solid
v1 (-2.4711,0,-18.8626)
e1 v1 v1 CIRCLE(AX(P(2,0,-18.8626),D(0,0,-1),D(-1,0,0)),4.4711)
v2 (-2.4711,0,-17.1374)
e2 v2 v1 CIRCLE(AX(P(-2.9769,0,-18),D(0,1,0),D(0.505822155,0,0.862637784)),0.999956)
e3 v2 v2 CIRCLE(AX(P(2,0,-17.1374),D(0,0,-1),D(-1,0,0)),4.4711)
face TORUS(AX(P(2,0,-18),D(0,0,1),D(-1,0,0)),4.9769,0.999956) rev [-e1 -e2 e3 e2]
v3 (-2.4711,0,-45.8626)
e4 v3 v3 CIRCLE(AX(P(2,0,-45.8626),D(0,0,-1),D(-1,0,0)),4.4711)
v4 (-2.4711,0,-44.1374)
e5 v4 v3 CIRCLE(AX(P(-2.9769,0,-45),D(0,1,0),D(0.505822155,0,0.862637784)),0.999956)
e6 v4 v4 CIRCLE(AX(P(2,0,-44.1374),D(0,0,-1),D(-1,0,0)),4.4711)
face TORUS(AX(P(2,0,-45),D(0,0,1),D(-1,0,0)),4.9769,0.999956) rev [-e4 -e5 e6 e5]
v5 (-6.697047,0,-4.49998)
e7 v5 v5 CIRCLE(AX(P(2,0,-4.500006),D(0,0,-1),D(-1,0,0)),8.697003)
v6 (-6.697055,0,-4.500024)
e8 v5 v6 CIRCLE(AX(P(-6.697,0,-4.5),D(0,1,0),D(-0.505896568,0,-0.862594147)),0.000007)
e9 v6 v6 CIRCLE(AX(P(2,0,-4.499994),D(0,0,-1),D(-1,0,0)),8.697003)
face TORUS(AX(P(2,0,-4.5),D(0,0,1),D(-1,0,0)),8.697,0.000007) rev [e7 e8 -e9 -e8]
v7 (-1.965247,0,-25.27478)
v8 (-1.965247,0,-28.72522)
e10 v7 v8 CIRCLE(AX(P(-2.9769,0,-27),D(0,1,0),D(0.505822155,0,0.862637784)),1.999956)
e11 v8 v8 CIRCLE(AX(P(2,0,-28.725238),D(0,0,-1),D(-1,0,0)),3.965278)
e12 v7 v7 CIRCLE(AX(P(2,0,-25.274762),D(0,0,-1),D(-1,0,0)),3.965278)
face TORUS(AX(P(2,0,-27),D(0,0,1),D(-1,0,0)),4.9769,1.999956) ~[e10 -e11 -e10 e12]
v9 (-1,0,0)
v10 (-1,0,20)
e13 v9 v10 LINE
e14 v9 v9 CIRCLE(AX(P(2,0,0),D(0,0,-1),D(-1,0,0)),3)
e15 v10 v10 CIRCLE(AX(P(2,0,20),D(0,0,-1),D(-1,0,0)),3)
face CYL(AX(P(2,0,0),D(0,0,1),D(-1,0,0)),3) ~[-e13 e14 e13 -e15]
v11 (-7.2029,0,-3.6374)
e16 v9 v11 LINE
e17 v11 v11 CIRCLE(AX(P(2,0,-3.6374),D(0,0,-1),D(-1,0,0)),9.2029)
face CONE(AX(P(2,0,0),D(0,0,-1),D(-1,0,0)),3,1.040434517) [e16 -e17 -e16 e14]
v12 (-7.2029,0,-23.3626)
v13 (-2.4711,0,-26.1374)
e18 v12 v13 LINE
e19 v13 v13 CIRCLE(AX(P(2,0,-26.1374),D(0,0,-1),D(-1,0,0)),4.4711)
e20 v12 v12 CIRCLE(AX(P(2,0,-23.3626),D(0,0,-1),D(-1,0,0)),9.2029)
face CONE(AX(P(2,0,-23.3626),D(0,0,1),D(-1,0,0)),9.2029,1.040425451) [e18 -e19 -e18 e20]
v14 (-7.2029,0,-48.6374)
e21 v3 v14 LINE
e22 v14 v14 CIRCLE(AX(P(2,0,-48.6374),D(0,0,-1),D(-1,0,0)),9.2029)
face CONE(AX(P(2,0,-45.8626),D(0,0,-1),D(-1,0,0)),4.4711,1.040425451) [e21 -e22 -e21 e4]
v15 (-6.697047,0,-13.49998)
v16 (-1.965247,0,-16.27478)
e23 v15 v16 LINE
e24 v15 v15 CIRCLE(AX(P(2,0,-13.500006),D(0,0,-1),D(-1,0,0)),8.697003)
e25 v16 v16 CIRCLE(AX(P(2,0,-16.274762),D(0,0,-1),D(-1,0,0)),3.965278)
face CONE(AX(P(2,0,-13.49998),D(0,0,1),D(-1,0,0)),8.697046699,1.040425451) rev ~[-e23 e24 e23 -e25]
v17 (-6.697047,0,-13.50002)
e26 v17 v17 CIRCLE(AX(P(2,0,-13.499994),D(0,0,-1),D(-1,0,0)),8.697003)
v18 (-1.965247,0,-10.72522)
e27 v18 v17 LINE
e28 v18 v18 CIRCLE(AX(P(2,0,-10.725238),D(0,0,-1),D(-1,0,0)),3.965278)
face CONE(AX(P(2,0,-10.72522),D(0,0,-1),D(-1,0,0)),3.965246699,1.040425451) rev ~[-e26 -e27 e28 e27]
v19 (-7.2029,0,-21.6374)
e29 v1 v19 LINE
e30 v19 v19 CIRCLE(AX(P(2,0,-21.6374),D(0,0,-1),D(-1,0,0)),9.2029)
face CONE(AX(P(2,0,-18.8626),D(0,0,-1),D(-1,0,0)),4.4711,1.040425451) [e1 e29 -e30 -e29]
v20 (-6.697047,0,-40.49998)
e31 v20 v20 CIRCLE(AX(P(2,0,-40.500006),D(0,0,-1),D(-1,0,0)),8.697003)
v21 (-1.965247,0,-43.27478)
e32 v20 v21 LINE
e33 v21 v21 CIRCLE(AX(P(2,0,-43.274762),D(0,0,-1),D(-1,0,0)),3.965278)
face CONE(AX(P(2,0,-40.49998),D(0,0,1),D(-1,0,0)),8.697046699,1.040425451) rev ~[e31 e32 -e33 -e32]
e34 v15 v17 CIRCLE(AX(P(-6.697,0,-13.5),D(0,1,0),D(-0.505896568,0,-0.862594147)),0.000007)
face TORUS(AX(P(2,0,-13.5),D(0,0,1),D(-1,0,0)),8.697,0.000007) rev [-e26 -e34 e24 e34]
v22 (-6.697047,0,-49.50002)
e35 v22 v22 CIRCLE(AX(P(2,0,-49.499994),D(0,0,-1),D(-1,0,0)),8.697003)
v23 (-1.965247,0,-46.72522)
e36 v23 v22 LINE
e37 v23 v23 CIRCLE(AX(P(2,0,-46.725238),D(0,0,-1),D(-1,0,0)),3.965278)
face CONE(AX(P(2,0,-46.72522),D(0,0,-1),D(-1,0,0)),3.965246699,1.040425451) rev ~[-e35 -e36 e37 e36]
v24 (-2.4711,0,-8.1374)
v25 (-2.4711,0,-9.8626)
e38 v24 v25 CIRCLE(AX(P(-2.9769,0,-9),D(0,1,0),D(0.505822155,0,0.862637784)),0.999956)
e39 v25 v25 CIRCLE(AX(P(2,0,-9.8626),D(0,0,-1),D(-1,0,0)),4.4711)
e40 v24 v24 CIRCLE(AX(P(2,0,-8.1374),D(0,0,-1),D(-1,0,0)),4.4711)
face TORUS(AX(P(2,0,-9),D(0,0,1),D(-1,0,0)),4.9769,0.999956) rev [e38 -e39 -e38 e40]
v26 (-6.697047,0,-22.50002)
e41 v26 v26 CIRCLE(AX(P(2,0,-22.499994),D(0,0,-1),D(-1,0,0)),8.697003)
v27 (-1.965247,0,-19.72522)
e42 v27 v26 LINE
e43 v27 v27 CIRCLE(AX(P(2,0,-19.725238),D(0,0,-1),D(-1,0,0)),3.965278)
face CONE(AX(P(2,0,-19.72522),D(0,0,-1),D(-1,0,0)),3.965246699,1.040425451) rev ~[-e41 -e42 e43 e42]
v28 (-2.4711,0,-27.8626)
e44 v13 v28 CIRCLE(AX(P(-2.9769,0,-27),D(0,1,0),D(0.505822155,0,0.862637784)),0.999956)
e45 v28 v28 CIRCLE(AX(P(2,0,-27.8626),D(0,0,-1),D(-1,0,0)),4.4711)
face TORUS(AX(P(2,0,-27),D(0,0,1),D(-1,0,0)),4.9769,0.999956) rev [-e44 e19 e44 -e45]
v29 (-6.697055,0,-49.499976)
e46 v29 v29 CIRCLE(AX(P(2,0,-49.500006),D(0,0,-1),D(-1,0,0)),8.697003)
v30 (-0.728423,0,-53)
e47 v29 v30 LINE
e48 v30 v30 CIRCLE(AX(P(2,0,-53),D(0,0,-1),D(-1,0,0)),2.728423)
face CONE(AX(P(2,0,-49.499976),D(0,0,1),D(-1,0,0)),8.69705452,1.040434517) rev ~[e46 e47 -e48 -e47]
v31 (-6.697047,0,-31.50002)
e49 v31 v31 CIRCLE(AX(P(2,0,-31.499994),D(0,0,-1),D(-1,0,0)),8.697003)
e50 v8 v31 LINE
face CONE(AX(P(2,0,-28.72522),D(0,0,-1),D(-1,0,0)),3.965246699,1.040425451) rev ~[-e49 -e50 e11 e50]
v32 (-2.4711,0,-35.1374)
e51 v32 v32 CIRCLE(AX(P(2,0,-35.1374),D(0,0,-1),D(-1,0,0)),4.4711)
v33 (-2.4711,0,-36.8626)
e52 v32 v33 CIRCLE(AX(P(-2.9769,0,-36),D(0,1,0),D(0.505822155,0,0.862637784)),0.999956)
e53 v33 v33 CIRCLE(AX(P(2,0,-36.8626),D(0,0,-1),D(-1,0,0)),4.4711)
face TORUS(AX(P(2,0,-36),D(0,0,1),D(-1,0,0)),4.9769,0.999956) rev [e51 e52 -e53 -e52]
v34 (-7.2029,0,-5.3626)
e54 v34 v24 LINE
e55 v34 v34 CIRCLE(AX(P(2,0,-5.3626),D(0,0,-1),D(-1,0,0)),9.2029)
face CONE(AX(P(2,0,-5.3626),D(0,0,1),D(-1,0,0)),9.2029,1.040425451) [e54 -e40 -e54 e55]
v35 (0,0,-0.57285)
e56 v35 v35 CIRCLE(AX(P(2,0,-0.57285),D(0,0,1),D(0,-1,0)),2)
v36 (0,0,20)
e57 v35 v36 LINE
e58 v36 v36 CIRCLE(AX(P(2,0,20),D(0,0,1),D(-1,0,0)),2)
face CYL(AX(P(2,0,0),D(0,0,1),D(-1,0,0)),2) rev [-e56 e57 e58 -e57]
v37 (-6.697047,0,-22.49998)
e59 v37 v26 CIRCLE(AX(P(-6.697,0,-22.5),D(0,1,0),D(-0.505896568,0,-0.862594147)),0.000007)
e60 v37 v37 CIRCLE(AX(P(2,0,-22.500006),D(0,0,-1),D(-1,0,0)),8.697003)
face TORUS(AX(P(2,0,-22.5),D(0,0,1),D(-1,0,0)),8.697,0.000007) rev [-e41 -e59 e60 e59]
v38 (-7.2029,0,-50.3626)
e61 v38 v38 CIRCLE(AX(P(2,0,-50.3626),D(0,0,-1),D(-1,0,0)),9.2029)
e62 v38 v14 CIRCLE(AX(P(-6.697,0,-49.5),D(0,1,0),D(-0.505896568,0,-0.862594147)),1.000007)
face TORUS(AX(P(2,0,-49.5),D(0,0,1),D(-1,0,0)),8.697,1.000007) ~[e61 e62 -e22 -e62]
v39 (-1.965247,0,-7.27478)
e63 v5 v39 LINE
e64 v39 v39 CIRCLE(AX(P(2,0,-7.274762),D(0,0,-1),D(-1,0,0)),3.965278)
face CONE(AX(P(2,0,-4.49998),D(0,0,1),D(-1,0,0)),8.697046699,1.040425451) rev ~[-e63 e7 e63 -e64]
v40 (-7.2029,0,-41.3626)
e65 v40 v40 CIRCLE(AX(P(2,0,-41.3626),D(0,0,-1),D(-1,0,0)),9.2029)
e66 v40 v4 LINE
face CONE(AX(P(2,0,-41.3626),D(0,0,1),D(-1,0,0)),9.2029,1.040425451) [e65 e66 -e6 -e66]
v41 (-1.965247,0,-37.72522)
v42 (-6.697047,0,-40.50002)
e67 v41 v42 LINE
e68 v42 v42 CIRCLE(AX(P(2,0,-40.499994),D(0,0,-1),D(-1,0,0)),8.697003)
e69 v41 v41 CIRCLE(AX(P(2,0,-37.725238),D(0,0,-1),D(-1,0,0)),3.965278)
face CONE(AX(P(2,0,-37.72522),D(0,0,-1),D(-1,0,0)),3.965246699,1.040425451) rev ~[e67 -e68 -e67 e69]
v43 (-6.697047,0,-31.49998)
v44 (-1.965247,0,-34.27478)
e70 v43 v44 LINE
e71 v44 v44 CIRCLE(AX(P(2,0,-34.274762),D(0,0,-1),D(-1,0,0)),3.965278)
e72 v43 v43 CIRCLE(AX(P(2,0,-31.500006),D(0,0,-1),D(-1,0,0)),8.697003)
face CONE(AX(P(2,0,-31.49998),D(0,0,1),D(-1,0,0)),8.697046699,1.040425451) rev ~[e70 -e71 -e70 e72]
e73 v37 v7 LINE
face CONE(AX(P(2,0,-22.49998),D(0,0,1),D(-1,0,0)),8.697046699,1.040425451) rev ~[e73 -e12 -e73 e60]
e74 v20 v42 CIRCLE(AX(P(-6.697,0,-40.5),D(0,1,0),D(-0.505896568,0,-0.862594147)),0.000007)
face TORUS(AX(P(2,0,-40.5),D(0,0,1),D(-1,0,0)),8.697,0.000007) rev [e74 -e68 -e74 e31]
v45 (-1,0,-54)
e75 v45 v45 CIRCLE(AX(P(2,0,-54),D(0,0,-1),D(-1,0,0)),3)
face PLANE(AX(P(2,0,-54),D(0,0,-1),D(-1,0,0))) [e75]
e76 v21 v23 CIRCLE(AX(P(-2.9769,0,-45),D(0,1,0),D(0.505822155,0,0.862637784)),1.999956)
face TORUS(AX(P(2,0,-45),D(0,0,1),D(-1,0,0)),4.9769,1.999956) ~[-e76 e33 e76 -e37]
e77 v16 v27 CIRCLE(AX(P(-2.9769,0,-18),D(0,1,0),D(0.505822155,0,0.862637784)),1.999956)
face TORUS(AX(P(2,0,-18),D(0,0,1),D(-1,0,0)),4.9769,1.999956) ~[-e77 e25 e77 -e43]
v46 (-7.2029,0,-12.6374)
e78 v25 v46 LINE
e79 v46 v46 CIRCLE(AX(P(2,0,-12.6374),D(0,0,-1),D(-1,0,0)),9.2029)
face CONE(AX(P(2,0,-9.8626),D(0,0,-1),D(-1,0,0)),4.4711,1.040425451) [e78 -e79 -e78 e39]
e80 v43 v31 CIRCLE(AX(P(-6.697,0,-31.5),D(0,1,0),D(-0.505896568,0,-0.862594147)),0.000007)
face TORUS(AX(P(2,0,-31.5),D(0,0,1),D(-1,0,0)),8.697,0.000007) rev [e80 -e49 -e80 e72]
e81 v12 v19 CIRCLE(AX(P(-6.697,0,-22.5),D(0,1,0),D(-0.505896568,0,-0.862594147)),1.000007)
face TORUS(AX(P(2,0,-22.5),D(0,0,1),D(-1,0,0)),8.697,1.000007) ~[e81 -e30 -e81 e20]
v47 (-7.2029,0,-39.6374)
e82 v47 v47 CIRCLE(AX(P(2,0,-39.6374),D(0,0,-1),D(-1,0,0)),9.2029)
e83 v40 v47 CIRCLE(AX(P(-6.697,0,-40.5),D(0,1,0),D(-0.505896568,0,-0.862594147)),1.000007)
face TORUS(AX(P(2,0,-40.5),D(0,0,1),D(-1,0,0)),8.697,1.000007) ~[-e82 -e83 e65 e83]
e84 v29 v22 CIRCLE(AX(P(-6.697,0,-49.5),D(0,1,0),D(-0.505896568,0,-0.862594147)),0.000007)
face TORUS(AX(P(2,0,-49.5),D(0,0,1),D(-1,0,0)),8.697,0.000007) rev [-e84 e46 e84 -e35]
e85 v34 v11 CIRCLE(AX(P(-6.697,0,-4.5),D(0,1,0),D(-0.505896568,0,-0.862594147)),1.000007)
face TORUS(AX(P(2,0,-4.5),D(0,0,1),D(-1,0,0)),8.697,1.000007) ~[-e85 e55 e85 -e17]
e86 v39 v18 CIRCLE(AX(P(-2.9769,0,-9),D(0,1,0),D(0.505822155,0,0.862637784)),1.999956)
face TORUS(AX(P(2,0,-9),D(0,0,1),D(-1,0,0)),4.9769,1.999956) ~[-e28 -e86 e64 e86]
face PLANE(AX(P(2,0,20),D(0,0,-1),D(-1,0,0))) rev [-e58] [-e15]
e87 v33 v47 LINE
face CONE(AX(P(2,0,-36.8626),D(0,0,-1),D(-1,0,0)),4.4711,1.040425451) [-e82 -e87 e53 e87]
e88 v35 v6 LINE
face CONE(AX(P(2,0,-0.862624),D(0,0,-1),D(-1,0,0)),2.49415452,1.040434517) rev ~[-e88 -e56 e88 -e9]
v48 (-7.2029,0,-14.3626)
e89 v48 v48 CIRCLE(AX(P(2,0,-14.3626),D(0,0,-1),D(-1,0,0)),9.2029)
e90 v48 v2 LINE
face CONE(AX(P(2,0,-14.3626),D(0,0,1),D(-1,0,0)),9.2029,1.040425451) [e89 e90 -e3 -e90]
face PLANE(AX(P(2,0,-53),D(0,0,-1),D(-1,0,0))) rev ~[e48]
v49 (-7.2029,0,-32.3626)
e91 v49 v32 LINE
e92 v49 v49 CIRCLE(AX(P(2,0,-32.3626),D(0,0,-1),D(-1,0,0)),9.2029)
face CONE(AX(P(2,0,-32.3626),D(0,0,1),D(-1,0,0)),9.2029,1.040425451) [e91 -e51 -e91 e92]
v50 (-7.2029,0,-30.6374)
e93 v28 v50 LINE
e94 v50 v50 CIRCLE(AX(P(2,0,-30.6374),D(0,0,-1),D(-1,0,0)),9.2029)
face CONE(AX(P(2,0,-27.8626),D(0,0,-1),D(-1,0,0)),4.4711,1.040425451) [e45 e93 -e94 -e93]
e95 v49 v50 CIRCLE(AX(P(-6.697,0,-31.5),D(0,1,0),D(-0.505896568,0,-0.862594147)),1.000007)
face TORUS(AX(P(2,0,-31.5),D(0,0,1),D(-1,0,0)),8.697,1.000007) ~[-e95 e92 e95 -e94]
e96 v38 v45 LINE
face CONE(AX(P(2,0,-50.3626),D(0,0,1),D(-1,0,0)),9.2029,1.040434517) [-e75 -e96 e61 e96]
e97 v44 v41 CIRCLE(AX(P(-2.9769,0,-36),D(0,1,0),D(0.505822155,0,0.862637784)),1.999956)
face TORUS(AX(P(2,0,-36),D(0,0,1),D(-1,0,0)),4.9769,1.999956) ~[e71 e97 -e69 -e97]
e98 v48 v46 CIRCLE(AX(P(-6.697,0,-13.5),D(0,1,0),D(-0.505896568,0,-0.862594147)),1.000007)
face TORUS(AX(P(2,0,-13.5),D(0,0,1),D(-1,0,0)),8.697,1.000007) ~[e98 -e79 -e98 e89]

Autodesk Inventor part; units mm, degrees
ref_plane "YZ Plane" through (0, 0, 0) normal (1, 0, 0) x (0, 1, 0)
ref_plane "XY Plane" through (0, 0, 0) normal (0, 0, 1) x (1, 0, 0)
sketch "Sketch1" plane through (0, 0, 0) normal (0, 1, 0) x (-1, 0, 0)
  line L0 (0, 0) -> (-9, 0)
  line L1 (0, 0) -> (0, -9) construction
  line L2 (1, 0) -> (7.2029, -3.6374)
  line L3 (7.2029, -5.3626) -> (2.4711, -8.1374)
  line L4 (2.4711, -9.8626) -> (7.2029, -12.6374)
  line L5 (7.2029, -14.3626) -> (2.4711, -17.1374)
  line L6 (2.4711, -18.8626) -> (7.2029, -21.6374)
  line L7 (7.2029, -23.3626) -> (2.4711, -26.1374)
  line L8 (2.4711, -27.8626) -> (7.2029, -30.6374)
  line L9 (7.2029, -32.3626) -> (2.4711, -35.1374)
  line L10 (2.4711, -36.8626) -> (7.2029, -39.6374)
  line L11 (7.2029, -41.3626) -> (2.4711, -44.1374)
  line L12 (2.4711, -45.8626) -> (7.2029, -48.6374)
  line L13 (7.2029, -50.3626) -> (1, -54)
  line L14 (1, -54) -> (-2, -54)
  line L15 (0, 0) -> (-2, 0)
  line L16 (-2, 0) -> (-2, -54)
  arc A0 (7.2029, -5.3626) -> (7.2029, -3.6374) centre (6.697, -4.5) ccw
  arc A1 (7.2029, -14.3626) -> (7.2029, -12.6374) centre (6.697, -13.5) ccw
  arc A2 (7.2029, -23.3626) -> (7.2029, -21.6374) centre (6.697, -22.5) ccw
  arc A3 (7.2029, -32.3626) -> (7.2029, -30.6374) centre (6.697, -31.5) ccw
  arc A4 (7.2029, -41.3626) -> (7.2029, -39.6374) centre (6.697, -40.5) ccw
  arc A5 (7.2029, -50.3626) -> (7.2029, -48.6374) centre (6.697, -49.5) ccw
  line L17 (1, 20) -> (0, 20) construction
  line L18 (0, 0) -> (0, 20) construction
  line L19 (-2, 0) -> (-2, 20)
  line L20 (-2, 20) -> (1, 20)
  line L21 (1, 0) -> (1, 20)
  arc A6 (2.4711, -8.1374) -> (2.4711, -9.8626) centre (2.9769, -9) ccw
  arc A7 (2.4711, -17.1374) -> (2.4711, -18.8626) centre (2.9769, -18) ccw
  arc A8 (2.4711, -26.1374) -> (2.4711, -27.8626) centre (2.9769, -27) ccw
  arc A9 (2.4711, -35.1374) -> (2.4711, -36.8626) centre (2.9769, -36) ccw
  arc A10 (2.4711, -44.1374) -> (2.4711, -45.8626) centre (2.9769, -45) ccw
  point P0 (1, -9)
  point P1 (8.6739, -4.5)
  point P2 (1, -9)
  point P3 (1, -18)
  point P4 (8.6739, -13.5)
  point P5 (1, -18)
  point P6 (1, -27)
  point P7 (8.6739, -22.5)
  point P8 (1, -27)
  point P9 (8.6739, -31.5)
  point P10 (1, -36)
  point P11 (1, -36)
  point P12 (1, -45)
  point P13 (8.6739, -40.5)
  point P14 (1, -45)
  point P15 (8.6739, -49.5)
  point P16 (1, -45)
  point P17 (1, -36)
  point P18 (1, -27)
  point P19 (1, -18)
  point P20 (1, -9)
  point P21 (1, 0)
  dimension "d1" = 9
  dimension "d2" = 7.6739
  dimension "d3" = 120.387
  dimension "d4" = 9
  dimension "d5" = 7.6739
  dimension "d6" = 9
  dimension "d7" = 7.6739
  dimension "d8" = 9
  dimension "d9" = 7.6739
  dimension "d10" = 9
  dimension "d11" = 7.6739
  dimension "d12" = 9
  dimension "d13" = 7.6739
  dimension "d15" = 2
  dimension "d16" = 1
  dimension "d19" = 1
  dimension "d20" = 20
  dimension "d23" = 1
revolve "Revolution1" add sketch "Sketch1" angle 360 about axis through (2, 0, 0) along (0, 0, -1)
shell "Shell1" thickness 1 removed faces 1 at (1.071, 0.823, 20)
sketch "Sketch3" plane through (0, 0, 0) normal (0, 1, 0) x (-1, 0, 0)
  line L0 (12.3596, 25.7411) -> (-16.3497, 25.7411)
  line L1 (-16.3497, 25.7411) -> (-16.3497, -59.9976)
  line L2 (-16.3497, -59.9976) -> (12.3596, -59.9976)
  line L3 (12.3596, -59.9976) -> (12.3596, 25.7411)
  point P0 (0, 0)
properties part number "linear_actuator_test"
